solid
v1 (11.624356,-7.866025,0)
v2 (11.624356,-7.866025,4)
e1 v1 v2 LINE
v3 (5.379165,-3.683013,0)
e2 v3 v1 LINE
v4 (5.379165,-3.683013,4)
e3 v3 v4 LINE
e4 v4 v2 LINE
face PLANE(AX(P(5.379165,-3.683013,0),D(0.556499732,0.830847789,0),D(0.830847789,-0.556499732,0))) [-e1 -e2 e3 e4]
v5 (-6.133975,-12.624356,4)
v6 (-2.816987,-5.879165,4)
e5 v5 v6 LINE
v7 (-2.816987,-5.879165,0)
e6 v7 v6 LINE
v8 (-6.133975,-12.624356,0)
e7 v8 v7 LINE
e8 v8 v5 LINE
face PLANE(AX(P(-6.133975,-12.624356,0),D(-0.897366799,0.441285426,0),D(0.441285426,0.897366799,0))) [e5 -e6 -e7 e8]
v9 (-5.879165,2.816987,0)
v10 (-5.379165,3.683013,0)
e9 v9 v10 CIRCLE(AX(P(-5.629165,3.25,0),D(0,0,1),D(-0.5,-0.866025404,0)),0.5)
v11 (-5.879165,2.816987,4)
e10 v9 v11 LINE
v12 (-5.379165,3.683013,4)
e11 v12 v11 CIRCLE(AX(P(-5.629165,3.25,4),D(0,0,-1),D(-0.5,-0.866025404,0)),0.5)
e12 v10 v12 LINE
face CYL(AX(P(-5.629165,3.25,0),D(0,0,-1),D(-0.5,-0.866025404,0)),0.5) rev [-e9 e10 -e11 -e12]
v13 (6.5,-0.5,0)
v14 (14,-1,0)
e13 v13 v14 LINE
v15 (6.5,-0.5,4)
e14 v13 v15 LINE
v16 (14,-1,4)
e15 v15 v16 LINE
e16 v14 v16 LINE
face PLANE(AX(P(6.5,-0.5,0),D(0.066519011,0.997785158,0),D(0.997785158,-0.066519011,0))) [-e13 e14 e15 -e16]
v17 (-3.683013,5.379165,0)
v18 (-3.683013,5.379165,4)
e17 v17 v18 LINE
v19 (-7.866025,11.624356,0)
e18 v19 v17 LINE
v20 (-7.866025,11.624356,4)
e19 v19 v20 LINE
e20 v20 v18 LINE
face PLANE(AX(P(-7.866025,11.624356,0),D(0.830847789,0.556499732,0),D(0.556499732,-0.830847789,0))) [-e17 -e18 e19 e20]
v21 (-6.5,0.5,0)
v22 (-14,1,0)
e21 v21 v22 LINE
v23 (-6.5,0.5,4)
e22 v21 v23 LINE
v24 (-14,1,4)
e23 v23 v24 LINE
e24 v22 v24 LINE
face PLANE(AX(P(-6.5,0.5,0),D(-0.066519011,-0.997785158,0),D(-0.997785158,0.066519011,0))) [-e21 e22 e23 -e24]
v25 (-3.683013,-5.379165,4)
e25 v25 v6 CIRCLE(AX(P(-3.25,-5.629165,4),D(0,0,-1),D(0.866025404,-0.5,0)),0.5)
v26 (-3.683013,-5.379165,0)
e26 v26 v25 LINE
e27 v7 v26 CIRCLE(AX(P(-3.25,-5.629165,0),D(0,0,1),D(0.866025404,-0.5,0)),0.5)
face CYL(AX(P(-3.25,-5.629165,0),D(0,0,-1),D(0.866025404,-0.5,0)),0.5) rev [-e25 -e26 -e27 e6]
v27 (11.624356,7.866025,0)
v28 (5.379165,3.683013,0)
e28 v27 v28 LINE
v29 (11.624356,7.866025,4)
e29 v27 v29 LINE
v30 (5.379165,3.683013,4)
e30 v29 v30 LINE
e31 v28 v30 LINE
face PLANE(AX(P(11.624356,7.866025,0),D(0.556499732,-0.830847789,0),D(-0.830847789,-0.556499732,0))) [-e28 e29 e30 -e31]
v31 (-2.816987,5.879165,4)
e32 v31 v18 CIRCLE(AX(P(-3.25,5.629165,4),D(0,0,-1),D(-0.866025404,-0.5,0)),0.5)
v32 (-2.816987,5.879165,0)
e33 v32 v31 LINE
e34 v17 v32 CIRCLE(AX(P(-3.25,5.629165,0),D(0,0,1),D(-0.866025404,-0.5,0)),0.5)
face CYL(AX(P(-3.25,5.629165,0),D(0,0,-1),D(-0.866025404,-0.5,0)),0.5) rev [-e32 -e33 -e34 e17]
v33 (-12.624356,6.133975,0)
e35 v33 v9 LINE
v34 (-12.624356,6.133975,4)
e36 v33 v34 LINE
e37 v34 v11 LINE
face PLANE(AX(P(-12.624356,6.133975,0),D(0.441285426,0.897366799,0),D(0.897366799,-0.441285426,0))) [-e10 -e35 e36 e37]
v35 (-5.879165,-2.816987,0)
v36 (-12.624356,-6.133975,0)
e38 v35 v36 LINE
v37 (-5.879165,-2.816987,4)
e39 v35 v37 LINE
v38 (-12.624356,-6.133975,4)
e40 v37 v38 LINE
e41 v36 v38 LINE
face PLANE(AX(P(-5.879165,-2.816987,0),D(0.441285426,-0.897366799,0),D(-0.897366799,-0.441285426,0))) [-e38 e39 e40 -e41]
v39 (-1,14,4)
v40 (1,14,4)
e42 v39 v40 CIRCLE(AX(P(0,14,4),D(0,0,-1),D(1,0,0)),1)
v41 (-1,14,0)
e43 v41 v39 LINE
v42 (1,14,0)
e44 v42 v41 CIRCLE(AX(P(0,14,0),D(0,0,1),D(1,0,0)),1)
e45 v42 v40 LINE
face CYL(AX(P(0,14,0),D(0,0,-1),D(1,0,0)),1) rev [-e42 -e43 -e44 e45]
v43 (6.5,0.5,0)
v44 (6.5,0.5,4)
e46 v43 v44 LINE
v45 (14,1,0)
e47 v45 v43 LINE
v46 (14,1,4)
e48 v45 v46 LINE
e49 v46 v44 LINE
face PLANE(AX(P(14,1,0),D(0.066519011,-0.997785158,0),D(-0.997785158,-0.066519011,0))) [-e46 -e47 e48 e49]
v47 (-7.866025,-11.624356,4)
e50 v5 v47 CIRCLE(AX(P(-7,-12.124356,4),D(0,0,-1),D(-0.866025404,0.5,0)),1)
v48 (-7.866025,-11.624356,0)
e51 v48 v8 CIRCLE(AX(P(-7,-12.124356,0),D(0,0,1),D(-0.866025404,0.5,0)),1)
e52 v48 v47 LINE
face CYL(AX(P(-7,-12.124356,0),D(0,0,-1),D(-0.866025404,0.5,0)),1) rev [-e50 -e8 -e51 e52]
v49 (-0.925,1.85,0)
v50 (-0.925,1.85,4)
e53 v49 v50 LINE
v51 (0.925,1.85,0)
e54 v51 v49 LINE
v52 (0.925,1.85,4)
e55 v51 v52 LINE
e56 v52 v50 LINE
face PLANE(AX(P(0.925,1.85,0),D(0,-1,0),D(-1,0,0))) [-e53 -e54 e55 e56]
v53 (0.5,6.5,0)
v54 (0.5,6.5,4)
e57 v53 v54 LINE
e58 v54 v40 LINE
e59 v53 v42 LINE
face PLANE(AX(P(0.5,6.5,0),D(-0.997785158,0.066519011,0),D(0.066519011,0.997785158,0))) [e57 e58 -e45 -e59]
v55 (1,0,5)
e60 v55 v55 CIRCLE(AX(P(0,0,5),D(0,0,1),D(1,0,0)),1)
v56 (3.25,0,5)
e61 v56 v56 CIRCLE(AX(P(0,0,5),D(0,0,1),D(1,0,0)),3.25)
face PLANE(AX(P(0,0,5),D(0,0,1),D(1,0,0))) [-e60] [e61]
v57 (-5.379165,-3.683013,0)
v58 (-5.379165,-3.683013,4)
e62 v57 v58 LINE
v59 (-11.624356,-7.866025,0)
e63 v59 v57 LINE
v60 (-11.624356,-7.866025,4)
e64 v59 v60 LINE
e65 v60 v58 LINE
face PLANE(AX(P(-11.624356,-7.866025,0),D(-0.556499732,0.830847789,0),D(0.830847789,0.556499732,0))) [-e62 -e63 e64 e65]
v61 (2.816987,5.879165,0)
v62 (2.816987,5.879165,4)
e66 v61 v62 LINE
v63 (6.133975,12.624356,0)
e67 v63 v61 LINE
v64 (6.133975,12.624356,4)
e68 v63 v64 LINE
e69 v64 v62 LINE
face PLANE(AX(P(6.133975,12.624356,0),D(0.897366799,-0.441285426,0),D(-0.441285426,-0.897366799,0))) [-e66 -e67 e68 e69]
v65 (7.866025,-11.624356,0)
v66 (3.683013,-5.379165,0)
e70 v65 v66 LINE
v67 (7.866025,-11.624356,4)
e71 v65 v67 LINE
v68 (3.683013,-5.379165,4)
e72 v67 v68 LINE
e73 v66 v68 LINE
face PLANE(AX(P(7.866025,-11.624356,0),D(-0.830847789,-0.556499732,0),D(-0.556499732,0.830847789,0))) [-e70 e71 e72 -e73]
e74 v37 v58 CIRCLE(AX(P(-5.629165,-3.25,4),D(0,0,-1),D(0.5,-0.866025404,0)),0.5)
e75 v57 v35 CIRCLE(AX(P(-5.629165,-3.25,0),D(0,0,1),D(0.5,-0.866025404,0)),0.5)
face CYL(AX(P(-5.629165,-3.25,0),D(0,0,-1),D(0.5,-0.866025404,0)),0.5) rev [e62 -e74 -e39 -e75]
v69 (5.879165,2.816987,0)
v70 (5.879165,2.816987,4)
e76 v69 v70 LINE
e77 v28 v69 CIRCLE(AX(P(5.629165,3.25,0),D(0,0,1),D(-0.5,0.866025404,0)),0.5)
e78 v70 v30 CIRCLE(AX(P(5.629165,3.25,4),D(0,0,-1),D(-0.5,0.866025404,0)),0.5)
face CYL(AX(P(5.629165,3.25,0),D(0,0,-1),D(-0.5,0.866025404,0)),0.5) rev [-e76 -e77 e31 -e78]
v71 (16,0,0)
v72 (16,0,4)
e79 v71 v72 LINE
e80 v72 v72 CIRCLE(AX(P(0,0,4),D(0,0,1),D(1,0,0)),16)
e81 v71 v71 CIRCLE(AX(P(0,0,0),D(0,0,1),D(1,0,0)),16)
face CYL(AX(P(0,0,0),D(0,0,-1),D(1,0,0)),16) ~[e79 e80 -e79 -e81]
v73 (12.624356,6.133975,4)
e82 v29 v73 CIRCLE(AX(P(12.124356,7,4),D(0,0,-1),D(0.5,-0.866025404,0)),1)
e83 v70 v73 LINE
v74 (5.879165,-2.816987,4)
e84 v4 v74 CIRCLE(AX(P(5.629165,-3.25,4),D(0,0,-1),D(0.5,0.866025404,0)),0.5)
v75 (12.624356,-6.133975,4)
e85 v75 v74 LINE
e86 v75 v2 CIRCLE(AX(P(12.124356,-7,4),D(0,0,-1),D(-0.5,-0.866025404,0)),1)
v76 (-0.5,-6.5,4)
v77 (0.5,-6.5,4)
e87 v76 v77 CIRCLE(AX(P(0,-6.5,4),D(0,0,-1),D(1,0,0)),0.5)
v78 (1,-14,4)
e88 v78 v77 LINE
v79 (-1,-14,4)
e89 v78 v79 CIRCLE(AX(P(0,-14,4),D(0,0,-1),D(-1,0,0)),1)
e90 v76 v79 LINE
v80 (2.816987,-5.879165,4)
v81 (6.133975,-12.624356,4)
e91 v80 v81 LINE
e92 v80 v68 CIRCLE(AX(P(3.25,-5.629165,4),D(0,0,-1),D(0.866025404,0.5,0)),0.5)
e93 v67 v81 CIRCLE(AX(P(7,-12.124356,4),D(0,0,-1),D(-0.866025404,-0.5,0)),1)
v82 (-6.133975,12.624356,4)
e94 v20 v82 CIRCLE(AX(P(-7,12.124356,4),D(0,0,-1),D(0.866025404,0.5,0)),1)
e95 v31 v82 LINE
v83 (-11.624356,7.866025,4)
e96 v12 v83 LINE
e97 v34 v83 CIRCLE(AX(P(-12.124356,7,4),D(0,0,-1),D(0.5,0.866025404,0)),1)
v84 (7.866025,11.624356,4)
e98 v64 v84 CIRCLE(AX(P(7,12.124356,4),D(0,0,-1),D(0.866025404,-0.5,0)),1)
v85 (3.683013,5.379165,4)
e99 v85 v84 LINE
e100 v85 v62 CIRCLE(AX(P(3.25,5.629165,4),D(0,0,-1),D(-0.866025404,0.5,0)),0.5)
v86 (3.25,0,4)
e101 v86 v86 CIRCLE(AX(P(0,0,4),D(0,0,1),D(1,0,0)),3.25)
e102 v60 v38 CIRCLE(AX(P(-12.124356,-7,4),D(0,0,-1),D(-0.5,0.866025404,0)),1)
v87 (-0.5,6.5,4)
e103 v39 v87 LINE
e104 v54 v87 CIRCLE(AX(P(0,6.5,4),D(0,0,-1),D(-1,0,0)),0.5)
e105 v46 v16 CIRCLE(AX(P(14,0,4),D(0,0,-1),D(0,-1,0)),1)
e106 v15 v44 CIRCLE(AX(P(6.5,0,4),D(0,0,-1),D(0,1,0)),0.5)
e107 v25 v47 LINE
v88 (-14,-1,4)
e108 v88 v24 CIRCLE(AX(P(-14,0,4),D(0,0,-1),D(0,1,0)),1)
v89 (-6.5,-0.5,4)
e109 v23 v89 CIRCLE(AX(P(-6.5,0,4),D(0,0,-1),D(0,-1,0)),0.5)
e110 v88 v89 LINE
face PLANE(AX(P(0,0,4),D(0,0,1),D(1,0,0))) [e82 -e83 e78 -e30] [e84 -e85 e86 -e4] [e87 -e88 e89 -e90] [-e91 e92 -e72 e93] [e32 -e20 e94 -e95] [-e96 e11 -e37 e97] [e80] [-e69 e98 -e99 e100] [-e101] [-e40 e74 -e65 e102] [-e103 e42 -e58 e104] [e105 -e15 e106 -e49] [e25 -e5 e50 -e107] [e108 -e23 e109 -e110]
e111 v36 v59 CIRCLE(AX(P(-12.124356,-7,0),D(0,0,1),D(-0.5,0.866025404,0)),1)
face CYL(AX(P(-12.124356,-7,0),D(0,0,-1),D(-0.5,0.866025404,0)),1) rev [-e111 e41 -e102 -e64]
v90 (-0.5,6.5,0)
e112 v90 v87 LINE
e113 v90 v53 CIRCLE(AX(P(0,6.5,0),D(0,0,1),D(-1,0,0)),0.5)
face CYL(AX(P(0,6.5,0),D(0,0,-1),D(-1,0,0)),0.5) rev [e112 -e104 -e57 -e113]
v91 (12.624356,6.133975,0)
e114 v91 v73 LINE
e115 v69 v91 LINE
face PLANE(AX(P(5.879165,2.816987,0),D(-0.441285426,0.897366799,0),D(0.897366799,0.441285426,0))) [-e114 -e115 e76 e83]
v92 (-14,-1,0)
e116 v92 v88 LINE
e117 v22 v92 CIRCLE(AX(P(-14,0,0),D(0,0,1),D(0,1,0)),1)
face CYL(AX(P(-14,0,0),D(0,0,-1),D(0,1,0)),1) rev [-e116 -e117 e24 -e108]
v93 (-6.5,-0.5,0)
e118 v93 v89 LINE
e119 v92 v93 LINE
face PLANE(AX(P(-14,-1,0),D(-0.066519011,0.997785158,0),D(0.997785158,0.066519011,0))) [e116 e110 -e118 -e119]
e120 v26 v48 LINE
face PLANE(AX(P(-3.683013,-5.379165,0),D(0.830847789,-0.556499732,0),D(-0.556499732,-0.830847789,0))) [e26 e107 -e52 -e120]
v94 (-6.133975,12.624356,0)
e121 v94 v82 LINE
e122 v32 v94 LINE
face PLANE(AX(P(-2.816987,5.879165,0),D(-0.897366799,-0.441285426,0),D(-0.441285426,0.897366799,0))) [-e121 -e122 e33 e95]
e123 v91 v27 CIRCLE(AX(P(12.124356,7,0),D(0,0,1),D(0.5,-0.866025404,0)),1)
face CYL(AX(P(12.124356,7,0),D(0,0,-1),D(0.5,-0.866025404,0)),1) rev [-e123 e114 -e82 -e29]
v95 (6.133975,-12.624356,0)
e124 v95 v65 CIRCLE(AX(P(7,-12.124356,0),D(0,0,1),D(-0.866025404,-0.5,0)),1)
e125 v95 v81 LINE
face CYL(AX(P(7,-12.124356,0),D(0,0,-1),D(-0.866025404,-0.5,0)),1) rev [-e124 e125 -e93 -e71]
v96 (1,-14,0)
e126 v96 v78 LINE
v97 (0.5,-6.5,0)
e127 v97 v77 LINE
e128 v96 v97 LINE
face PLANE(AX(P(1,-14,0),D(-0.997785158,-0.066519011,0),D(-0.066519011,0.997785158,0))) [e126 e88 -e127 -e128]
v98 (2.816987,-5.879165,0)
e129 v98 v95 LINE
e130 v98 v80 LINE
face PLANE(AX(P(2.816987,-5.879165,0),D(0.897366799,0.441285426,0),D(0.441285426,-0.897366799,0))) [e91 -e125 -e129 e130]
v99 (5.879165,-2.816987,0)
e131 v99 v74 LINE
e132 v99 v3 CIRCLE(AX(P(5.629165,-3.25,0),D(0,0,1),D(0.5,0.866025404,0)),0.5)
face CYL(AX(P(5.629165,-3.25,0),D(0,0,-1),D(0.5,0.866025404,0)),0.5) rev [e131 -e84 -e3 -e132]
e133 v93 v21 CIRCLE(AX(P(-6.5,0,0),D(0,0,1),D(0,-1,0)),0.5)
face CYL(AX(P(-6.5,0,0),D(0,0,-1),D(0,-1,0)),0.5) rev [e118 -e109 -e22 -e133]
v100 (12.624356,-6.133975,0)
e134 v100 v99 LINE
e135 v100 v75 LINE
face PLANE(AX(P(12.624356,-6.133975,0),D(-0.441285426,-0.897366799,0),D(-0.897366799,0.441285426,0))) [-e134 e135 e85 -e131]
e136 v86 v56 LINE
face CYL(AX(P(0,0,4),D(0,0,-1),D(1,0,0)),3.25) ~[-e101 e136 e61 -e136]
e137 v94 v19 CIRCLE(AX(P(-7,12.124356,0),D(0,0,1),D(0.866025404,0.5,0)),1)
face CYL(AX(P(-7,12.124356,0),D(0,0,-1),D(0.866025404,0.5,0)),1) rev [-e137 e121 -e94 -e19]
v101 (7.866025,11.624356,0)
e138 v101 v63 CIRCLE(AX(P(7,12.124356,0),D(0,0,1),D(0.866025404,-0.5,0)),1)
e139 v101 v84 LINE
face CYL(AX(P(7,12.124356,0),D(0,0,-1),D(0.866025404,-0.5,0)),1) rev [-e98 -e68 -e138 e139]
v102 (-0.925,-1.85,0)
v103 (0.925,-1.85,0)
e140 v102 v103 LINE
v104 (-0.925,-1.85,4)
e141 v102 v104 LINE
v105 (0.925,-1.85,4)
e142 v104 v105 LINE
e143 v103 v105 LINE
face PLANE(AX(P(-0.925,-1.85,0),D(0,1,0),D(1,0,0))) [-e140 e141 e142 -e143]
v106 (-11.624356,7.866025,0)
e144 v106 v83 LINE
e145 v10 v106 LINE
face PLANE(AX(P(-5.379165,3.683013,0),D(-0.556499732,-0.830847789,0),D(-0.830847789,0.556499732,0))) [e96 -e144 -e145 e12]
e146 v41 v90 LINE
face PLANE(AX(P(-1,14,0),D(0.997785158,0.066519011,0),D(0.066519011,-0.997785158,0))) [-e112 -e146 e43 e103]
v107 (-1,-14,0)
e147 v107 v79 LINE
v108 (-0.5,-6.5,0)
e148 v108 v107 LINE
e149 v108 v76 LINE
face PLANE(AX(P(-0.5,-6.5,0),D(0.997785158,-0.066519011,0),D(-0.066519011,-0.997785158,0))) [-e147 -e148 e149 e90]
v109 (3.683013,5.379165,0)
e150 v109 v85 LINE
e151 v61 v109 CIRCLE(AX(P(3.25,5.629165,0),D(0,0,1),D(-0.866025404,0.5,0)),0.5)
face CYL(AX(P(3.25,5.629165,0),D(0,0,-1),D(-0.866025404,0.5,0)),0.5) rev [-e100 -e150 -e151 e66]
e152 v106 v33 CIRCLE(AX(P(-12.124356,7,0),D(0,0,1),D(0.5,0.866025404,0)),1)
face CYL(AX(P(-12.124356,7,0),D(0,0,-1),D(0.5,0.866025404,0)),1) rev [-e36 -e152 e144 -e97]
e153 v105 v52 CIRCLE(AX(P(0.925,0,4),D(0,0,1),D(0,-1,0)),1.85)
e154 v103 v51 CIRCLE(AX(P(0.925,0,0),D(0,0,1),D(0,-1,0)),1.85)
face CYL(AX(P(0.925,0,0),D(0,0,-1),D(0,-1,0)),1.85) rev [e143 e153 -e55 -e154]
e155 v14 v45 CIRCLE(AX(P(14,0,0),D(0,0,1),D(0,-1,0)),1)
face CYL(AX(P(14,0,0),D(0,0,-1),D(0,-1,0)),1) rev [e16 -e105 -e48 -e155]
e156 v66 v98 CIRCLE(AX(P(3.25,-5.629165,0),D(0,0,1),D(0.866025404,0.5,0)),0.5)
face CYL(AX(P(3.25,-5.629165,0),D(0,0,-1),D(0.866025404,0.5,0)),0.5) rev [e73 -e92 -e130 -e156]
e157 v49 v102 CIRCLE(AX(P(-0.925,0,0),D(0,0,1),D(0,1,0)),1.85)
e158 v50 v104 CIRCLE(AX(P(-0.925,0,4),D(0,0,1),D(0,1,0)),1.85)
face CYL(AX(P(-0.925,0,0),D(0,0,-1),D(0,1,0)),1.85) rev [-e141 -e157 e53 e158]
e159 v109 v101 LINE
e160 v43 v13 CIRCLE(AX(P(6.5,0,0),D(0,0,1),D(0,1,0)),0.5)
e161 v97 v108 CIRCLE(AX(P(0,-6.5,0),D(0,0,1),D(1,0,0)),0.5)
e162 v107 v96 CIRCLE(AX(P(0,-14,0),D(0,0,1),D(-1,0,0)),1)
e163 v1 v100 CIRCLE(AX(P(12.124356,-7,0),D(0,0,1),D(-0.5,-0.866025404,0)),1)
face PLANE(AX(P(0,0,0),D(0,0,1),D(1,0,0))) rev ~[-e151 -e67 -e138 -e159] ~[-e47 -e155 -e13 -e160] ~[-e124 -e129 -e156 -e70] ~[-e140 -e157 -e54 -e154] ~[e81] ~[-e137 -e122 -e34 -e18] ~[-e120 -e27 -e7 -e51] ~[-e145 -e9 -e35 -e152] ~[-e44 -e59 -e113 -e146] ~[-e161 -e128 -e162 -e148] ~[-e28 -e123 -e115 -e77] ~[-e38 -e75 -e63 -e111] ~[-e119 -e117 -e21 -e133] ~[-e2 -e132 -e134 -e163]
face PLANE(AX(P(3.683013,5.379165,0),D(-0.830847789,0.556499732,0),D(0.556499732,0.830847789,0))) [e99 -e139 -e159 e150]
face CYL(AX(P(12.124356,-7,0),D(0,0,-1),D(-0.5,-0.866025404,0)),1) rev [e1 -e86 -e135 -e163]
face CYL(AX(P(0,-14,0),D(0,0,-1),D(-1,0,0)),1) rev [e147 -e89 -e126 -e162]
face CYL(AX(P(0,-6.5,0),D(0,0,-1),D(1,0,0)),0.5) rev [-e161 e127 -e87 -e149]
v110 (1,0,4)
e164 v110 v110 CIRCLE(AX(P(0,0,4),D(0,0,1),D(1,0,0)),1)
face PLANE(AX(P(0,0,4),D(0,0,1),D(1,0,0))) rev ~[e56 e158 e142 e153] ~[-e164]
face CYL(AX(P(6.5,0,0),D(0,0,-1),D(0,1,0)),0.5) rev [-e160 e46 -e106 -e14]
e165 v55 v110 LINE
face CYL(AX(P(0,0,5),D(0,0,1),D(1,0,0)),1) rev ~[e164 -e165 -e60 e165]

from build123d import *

# Parameters (mm, degrees)
ESQUISSE1_R                  = 16
BOSS_EXTRU_1_DEPTH           = 4
ESQUISSE2_R                  = 3.25
BOSS_EXTRU_2_DEPTH           = 1
ENL_V_MAT_EXTRU_1_REACH      = 25.173
ESQUISSE3_R                  = 1
ENL_V_MAT_EXTRU_2_DEPTH      = 4
ENL_V_MAT_EXTRU_4_REACH      = 25.173
R_P_TITION_CIRCULAIRE1_COUNT = 12


with BuildPart() as part:
    # Esquisse1 → Boss.-Extru.1 (new body)
    with BuildSketch(Plane.XY):
        Circle(ESQUISSE1_R)
    extrude(amount=BOSS_EXTRU_1_DEPTH)

    # Esquisse2 → Boss.-Extru.2 (add)
    with BuildSketch(Plane.XY.offset(4)):
        Circle(ESQUISSE2_R)
    extrude(amount=BOSS_EXTRU_2_DEPTH)

    # Esquisse3 → Enlèv. mat.-Extru.1 (cut, up to next)
    with BuildSketch(Plane.XY.offset(5), mode=Mode.PRIVATE) as enl_v_mat_extru_1_sk1:
        Circle(ESQUISSE3_R)
    enl_v_mat_extru_1_tool1 = extrude(enl_v_mat_extru_1_sk1.sketch, amount=-ENL_V_MAT_EXTRU_1_REACH, mode=Mode.PRIVATE) & part.part
    add(enl_v_mat_extru_1_tool1.solids().sort_by_distance((0, 0, 5))[0], mode=Mode.SUBTRACT)

    # Esquisse4 → Enlèv. mat.-Extru.2 (cut)
    with BuildSketch(Plane(origin=(0, 0, 0), x_dir=(-1, 0, 0), z_dir=(0, 0, -1))):
        with BuildLine():
            Line((-0.925, 1.85), (0.925, 1.85))
            ThreePointArc((0.925, 1.85), (2.775, 0), (0.925, -1.85))
            Line((0.925, -1.85), (-0.925, -1.85))
            ThreePointArc((-0.925, -1.85), (-2.775, 0), (-0.925, 1.85))
        make_face()
    extrude(amount=-ENL_V_MAT_EXTRU_2_DEPTH, mode=Mode.SUBTRACT)

    # Esquisse5 → Enlèv. mat.-Extru.4 (cut, up to next)
    with BuildSketch(Plane(origin=(0, 0, 0), x_dir=(-1, 0, 0), z_dir=(0, 0, -1)), mode=Mode.PRIVATE) as enl_v_mat_extru_4_sk1:
        with BuildLine():
            Line((6.5, 0.5), (14, 1))
            ThreePointArc((14, 1), (15, 0), (14, -1))
            Line((14, -1), (6.5, -0.5))
            ThreePointArc((6.5, -0.5), (6, 0), (6.5, 0.5))
        make_face()
    enl_v_mat_extru_4_tool1 = extrude(enl_v_mat_extru_4_sk1.sketch, amount=-ENL_V_MAT_EXTRU_4_REACH, mode=Mode.PRIVATE) & part.part
    enl_v_mat_extru_4 = enl_v_mat_extru_4_tool1.solids().sort_by_distance((-10.983243, 0, 0))[0]
    add(enl_v_mat_extru_4, mode=Mode.SUBTRACT)

    # Répétition circulaire1: Enlèv. mat.-Extru.4 ×12 about axis
    r_p_tition_circulaire1_axis = Axis((0, 0, 0), (0, 0, 1))
    for i in range(1, R_P_TITION_CIRCULAIRE1_COUNT):
        add(enl_v_mat_extru_4.rotate(r_p_tition_circulaire1_axis, i * 360 / R_P_TITION_CIRCULAIRE1_COUNT), mode=Mode.SUBTRACT)


solid = part.part
